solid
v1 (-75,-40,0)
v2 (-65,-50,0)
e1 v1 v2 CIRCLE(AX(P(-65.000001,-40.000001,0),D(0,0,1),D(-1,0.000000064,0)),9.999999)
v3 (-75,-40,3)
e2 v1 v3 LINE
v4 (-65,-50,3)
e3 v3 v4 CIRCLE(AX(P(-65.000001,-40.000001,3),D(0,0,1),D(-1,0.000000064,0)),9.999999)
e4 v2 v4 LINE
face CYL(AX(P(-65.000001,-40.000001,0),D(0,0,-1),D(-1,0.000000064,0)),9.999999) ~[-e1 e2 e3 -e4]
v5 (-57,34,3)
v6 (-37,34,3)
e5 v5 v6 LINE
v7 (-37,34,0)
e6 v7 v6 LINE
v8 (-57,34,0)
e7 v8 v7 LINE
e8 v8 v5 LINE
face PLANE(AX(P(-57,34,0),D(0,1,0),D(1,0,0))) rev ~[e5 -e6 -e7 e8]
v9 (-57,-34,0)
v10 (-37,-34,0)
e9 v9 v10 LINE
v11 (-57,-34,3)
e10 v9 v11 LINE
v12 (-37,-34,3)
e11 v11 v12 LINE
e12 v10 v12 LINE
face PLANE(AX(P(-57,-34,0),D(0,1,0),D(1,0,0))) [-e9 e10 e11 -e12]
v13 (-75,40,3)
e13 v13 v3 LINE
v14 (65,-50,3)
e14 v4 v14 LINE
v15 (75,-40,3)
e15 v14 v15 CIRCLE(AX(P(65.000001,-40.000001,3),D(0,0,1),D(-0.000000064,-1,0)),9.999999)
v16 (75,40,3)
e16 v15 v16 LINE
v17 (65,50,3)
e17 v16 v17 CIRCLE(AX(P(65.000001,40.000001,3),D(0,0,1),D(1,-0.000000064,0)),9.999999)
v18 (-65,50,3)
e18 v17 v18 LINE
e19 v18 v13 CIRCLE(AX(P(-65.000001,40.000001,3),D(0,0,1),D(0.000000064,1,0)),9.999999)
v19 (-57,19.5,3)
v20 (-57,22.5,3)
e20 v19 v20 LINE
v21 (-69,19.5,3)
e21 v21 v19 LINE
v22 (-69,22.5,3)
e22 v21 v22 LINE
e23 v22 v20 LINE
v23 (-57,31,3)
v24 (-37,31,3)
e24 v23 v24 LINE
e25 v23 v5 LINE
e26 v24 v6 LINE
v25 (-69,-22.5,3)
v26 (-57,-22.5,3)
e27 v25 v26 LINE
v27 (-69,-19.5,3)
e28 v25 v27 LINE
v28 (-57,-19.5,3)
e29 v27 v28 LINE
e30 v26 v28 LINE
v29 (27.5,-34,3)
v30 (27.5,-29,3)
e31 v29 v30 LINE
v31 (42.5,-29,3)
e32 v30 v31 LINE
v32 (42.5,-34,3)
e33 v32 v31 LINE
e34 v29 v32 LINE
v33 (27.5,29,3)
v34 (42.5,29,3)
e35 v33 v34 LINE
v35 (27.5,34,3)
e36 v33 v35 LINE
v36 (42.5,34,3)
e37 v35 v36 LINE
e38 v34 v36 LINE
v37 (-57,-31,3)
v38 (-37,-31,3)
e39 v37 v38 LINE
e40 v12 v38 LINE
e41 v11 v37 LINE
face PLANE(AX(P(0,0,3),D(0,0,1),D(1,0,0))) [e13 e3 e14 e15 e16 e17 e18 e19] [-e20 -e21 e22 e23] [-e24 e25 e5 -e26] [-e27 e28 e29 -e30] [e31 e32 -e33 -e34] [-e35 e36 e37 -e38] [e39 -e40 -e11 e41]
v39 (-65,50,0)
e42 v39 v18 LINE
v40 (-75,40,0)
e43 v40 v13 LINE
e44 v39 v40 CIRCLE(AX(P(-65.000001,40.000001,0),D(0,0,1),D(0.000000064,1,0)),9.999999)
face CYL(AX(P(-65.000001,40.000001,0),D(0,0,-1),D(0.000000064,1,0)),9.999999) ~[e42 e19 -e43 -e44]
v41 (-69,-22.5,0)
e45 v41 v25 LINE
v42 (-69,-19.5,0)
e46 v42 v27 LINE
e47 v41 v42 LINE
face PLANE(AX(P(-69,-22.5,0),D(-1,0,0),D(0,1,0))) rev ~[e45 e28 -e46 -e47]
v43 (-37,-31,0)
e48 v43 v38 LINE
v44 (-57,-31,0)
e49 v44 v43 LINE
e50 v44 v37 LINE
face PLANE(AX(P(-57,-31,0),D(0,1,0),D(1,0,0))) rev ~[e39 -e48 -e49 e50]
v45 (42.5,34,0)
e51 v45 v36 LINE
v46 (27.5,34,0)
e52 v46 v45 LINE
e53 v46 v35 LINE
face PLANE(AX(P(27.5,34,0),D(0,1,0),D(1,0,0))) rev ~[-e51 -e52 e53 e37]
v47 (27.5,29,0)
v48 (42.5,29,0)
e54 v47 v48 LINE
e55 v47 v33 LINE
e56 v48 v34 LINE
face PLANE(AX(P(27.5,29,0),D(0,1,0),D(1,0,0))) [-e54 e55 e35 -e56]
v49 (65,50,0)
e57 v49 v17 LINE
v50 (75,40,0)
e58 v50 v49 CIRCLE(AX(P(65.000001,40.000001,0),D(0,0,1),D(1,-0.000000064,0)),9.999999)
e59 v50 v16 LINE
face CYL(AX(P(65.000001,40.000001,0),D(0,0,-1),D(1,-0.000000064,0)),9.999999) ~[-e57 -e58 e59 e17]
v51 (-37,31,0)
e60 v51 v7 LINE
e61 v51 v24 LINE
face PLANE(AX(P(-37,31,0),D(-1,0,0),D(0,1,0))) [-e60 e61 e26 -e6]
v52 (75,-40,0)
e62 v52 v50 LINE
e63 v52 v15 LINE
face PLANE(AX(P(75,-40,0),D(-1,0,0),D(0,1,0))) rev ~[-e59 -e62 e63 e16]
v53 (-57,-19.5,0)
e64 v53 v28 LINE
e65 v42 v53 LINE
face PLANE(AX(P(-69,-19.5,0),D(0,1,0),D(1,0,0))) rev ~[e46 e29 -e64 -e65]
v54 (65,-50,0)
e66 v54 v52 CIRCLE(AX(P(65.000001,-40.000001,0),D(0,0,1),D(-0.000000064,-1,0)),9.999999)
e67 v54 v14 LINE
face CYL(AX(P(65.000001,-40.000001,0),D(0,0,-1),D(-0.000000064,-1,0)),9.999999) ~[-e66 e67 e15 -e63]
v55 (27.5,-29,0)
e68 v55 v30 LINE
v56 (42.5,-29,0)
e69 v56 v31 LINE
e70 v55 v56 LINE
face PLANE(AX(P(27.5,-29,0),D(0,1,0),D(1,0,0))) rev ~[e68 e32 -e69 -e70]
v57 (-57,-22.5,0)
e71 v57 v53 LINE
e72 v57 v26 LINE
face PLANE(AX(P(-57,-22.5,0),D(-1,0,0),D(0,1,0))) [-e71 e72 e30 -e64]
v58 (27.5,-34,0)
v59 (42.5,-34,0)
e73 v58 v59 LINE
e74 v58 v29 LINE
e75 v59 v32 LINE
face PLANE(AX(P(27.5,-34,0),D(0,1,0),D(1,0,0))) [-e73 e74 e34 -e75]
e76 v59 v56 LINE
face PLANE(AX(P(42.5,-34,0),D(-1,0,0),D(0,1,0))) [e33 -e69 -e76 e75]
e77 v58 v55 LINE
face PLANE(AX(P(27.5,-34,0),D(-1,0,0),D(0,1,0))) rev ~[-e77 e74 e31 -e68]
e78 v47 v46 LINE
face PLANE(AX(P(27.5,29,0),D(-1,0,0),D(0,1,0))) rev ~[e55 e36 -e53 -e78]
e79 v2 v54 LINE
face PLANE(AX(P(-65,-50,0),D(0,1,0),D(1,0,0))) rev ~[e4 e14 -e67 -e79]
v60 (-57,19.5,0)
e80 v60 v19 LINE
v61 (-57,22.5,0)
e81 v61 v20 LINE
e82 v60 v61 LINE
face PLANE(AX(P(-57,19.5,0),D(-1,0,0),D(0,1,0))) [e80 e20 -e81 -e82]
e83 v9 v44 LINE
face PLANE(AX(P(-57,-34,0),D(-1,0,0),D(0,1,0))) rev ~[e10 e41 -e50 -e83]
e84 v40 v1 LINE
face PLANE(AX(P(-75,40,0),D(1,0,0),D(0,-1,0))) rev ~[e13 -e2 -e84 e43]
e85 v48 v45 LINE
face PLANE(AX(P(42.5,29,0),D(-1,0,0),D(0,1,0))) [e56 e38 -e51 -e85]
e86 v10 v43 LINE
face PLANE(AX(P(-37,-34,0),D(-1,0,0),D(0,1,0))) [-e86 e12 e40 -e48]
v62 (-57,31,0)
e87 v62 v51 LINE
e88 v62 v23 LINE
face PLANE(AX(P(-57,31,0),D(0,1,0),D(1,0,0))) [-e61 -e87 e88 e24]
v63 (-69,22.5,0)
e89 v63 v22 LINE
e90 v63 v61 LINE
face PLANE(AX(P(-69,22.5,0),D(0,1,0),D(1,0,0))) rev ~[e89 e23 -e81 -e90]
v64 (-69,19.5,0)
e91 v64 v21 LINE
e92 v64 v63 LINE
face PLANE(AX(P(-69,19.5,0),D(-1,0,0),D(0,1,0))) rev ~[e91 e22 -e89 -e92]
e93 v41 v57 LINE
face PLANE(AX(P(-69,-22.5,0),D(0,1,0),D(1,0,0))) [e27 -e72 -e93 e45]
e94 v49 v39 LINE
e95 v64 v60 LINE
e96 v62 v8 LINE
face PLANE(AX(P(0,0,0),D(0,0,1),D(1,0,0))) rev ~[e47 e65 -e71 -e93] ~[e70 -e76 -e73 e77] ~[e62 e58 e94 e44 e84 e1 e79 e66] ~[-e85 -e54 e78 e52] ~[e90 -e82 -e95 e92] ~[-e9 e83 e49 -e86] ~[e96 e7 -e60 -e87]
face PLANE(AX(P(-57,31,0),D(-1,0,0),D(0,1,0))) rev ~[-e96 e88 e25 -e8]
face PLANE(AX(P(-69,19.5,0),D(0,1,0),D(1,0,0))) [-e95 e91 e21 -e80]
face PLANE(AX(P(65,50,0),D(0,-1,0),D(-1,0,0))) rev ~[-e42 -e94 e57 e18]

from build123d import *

# Parameters (mm, degrees)
F0_W     = 20
F0_H     = 3
F0_W_2   = 12
F0_W_3   = 15
F0_H_2   = 5
F1_DEPTH = 3


with BuildPart() as f1:
    # F0 (on Top) → F1 (new body)
    with BuildSketch(Plane.XY):
        with BuildLine():
            Line((65, 50), (-65, 50))
            ThreePointArc((-65, 50), (-72.071068, 47.071068), (-75, 40))
            Line((-75, 40), (-75, -40))
            ThreePointArc((-75, -40), (-72.071068, -47.071068), (-65, -50))
            Line((-65, -50), (65, -50))
            ThreePointArc((65, -50), (72.071068, -47.071068), (75, -40))
            Line((75, -40), (75, 40))
            ThreePointArc((75, 40), (72.071068, 47.071068), (65, 50))
        make_face()
        with Locations((-47, -32.5)):
            Rectangle(F0_W, F0_H, mode=Mode.SUBTRACT)
        with Locations((-63, -21)):
            Rectangle(F0_W_2, F0_H, mode=Mode.SUBTRACT)
        with Locations((35, -31.5)):
            Rectangle(F0_W_3, F0_H_2, mode=Mode.SUBTRACT)
        with Locations((-63, 21)):
            Rectangle(F0_W_2, F0_H, mode=Mode.SUBTRACT)
        with Locations((-47, 32.5)):
            Rectangle(F0_W, F0_H, mode=Mode.SUBTRACT)
        with Locations((35, 31.5)):
            Rectangle(F0_W_3, F0_H_2, mode=Mode.SUBTRACT)
    extrude(amount=F1_DEPTH)


solid = f1.part
